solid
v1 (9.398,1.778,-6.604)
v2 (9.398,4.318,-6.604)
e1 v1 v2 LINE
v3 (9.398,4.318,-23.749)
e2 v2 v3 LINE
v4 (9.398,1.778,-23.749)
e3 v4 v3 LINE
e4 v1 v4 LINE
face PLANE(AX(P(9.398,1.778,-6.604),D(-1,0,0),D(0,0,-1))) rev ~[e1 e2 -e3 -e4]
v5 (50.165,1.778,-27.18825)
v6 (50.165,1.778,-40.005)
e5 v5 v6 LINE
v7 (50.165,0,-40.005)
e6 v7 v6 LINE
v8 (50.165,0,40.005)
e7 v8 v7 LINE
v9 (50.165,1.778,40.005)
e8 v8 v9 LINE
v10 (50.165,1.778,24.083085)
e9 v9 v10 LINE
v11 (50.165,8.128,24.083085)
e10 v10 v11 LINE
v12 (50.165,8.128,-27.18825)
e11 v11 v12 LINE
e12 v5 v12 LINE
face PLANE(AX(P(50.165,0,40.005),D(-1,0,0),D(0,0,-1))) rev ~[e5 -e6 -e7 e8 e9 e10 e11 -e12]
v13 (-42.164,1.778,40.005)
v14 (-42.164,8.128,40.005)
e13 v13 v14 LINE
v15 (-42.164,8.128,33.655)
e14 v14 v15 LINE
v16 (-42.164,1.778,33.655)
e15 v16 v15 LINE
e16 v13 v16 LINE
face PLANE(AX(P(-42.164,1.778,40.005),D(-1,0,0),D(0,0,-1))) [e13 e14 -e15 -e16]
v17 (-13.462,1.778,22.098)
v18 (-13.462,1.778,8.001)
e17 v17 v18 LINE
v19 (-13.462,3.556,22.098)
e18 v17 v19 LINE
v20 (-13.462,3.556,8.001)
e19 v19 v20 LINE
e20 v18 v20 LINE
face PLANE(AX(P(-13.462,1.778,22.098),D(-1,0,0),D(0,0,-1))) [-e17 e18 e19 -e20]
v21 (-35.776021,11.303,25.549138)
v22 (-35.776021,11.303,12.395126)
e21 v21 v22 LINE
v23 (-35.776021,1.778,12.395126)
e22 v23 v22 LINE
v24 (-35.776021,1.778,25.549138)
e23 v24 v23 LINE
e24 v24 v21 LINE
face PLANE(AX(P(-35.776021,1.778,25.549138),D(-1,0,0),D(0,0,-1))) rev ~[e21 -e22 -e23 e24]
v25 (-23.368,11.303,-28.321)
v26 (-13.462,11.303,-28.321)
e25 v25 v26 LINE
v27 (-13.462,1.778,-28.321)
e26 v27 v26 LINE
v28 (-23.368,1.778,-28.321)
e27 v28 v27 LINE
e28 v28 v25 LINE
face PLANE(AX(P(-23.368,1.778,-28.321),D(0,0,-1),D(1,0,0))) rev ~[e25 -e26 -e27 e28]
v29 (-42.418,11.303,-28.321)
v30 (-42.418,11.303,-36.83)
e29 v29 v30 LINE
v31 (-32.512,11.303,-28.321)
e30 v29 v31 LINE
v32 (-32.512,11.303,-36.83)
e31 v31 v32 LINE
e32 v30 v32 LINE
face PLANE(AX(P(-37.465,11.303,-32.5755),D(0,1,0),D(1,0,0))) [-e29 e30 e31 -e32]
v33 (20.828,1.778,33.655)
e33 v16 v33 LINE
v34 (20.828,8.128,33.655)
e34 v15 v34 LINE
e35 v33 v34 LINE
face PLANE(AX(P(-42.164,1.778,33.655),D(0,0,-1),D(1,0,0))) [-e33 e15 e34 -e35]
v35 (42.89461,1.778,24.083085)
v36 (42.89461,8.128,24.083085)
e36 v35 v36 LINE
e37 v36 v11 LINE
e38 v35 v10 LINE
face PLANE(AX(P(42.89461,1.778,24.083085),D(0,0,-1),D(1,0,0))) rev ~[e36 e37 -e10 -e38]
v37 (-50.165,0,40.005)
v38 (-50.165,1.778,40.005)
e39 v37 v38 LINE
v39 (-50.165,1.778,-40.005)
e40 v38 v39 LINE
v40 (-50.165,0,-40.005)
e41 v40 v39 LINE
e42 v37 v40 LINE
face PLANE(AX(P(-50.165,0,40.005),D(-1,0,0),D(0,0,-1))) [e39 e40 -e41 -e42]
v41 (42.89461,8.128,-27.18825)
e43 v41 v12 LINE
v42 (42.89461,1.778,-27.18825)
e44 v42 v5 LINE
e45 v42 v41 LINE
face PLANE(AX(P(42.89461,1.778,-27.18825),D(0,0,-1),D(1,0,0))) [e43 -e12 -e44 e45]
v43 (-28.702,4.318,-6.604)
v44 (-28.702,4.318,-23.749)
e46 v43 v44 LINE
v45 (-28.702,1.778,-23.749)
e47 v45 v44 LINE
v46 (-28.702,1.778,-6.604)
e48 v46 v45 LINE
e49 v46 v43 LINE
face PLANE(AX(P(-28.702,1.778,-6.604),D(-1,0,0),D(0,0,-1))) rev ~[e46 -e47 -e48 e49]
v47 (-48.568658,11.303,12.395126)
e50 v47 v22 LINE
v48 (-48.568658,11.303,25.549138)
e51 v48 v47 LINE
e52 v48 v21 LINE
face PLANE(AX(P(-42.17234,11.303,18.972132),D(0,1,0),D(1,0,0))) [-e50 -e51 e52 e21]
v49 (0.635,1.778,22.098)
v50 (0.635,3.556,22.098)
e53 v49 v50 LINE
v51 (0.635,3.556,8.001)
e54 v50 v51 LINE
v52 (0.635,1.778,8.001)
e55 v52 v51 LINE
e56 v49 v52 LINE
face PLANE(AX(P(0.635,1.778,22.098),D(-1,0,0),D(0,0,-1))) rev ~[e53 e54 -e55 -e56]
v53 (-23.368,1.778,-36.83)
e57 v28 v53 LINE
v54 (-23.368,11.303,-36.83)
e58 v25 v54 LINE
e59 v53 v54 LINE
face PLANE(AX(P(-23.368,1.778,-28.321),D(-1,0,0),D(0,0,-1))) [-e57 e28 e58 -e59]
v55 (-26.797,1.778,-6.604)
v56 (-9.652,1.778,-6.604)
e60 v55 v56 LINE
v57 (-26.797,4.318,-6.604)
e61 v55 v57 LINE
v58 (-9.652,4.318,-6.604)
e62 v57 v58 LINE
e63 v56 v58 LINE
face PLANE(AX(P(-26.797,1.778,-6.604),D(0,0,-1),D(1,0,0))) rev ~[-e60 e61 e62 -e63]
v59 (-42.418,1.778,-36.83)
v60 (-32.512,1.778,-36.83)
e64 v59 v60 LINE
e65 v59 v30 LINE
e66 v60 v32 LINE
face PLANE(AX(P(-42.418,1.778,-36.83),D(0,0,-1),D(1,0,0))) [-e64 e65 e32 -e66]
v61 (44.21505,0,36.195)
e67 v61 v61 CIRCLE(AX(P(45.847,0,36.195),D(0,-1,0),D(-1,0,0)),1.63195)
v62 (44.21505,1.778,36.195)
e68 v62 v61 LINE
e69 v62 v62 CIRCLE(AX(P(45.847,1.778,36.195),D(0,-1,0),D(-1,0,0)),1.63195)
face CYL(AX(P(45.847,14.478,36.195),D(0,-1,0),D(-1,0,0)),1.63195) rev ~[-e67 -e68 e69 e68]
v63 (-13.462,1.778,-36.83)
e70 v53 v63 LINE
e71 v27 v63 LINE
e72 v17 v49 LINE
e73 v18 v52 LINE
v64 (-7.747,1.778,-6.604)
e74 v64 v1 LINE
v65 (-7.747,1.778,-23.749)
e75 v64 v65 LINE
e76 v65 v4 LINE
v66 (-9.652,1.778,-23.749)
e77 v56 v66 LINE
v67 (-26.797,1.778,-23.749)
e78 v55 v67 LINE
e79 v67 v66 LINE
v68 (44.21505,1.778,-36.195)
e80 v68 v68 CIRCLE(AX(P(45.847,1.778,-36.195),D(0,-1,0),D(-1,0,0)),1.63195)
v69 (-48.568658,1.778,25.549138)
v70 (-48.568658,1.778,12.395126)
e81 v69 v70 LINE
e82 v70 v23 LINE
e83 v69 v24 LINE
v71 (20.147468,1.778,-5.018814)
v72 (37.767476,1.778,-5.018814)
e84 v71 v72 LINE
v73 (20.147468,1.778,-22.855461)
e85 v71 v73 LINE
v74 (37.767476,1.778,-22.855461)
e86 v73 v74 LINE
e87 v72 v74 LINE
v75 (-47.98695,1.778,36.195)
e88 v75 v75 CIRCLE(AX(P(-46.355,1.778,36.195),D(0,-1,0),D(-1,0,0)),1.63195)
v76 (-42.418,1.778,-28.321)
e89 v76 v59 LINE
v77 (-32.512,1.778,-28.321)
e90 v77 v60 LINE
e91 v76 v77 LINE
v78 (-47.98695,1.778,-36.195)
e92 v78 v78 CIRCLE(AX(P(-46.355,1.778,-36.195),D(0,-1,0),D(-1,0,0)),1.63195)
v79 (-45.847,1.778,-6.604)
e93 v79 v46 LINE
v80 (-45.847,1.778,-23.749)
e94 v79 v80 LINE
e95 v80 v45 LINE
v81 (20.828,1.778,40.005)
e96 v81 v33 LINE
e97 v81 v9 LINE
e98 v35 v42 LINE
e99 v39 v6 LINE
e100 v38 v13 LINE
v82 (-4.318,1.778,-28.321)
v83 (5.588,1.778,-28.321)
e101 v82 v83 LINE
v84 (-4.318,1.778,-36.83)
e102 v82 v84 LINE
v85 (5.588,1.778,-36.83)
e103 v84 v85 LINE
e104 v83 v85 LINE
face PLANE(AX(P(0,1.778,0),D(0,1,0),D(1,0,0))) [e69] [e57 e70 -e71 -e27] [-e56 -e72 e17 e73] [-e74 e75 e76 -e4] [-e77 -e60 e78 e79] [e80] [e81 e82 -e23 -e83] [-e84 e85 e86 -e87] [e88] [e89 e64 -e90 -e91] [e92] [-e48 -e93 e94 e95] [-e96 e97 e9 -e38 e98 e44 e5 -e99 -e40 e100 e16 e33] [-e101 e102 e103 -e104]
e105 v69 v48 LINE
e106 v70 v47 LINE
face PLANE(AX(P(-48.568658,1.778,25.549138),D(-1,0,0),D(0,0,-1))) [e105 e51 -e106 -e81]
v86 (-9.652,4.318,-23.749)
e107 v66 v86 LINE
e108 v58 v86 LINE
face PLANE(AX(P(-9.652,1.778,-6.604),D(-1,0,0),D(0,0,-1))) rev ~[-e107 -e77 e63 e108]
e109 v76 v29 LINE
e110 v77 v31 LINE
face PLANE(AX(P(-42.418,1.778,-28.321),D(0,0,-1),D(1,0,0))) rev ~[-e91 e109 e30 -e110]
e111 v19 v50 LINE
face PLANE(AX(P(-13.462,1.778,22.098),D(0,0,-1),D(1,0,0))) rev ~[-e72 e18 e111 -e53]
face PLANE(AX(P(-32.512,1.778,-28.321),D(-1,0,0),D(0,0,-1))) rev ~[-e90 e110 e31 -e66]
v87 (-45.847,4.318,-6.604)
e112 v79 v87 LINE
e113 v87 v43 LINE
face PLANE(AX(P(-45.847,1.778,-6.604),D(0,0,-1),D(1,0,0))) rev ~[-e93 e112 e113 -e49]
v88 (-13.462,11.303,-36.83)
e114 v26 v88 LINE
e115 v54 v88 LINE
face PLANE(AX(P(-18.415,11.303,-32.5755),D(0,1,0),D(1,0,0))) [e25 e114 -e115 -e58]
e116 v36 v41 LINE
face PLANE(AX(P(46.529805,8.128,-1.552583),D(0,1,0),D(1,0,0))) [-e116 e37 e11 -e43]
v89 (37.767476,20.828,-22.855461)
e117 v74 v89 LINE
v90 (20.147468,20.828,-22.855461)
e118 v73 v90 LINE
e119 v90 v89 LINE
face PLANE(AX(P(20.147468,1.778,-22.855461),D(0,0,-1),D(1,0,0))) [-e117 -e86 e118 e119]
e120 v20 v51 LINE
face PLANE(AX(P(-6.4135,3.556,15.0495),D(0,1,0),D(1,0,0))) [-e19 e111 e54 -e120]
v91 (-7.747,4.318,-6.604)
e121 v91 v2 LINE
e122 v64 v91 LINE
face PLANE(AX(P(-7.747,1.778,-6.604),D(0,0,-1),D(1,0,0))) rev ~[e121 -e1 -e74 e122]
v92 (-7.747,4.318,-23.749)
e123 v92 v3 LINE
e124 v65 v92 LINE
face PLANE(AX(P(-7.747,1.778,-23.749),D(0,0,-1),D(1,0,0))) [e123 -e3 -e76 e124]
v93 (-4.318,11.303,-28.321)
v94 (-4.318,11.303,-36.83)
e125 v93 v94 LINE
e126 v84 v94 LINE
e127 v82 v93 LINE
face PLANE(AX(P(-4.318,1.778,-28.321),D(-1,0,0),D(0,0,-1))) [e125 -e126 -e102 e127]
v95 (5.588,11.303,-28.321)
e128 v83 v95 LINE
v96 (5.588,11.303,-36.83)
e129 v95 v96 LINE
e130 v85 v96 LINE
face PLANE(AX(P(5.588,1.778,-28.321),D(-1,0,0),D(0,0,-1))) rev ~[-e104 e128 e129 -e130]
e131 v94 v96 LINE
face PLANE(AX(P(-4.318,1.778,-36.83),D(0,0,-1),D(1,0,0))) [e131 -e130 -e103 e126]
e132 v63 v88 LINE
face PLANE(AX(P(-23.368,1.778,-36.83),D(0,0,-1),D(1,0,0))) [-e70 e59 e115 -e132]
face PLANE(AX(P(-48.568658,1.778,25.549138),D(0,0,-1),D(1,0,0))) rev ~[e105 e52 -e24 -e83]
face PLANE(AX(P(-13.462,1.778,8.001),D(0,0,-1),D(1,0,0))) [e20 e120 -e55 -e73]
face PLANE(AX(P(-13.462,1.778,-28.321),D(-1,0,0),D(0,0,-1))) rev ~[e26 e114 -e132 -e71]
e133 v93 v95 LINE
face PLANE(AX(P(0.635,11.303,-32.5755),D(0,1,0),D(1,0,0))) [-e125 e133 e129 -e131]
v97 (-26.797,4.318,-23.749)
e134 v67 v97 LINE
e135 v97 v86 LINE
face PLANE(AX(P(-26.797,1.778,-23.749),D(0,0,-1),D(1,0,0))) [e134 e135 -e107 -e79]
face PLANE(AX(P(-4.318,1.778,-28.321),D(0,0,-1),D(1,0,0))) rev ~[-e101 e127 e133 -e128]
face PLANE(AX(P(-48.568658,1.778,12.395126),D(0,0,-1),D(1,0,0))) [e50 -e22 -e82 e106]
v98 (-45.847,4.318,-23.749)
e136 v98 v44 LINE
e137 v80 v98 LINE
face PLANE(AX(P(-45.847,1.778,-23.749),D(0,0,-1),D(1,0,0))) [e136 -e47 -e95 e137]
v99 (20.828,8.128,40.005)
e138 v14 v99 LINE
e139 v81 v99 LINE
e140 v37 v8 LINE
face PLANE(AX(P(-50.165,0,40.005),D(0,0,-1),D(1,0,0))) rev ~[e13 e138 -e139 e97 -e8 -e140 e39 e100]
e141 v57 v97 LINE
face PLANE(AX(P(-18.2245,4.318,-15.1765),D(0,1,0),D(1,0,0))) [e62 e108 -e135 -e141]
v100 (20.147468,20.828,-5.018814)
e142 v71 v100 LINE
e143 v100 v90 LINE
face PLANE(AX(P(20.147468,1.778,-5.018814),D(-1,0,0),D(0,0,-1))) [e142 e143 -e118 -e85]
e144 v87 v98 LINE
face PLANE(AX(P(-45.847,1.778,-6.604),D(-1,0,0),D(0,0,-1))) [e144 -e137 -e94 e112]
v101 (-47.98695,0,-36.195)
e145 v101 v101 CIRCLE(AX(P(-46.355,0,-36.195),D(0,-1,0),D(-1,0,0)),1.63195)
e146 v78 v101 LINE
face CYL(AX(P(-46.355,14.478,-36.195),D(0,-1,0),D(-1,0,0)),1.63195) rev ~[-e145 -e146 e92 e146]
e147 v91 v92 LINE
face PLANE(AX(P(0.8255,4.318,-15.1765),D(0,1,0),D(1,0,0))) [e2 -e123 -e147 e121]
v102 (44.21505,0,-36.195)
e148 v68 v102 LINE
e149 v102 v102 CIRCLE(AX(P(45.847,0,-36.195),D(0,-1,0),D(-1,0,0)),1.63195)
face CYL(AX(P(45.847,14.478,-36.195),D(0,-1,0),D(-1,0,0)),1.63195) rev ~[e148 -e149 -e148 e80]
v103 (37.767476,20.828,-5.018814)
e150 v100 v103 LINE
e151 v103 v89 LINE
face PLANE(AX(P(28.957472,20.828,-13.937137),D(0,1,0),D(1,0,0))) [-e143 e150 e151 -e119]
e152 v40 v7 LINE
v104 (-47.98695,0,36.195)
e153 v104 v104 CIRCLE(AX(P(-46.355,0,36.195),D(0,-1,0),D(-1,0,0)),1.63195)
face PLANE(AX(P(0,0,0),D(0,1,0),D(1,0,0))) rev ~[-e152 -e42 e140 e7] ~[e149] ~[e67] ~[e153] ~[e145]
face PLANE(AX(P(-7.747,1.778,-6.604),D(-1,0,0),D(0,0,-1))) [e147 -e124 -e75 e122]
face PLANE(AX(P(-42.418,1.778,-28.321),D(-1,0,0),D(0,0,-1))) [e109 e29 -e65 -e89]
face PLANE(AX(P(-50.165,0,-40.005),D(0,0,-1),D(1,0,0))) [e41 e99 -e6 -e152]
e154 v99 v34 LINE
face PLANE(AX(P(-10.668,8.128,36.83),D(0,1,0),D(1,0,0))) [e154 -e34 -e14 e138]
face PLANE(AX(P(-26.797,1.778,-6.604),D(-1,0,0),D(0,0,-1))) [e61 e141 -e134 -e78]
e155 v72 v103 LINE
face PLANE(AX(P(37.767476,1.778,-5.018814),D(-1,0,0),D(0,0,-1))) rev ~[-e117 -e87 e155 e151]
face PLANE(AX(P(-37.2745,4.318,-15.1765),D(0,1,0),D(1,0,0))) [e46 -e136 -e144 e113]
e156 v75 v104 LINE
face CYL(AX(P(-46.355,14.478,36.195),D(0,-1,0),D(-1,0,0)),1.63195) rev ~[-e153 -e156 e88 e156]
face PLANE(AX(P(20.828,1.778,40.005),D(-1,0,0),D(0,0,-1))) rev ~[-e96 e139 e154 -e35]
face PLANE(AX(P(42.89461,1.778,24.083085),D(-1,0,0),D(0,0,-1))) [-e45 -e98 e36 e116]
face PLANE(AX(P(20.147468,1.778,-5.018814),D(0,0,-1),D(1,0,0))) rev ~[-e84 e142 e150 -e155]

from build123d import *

# Parameters (mm, degrees)
SKETCH1_W                 = 100.33
SKETCH1_H                 = 80.01
BOSS_EXTRUDE1_DEPTH       = 1.778
F_4_CLEARANCE_HOLE1_D     = 3.2639
F_4_CLEARANCE_HOLE1_DEPTH = 12.7
F_4_CLEARANCE_HOLE1_TIP   = 0.980574487
SKETCH4_W                 = 17.145
SKETCH4_H                 = 17.145
BOSS_EXTRUDE2_DEPTH       = 2.54
SKETCH6_W                 = 9.906
SKETCH6_H                 = 8.509
BOSS_EXTRUDE3_DEPTH       = 9.525
LPATTERN1_COUNT           = 3
LPATTERN1_PITCH           = 19.05
SKETCH7_W                 = 14.097
SKETCH7_H                 = 14.097
BOSS_EXTRUDE4_DEPTH       = 1.778
SKETCH8_W                 = 62.992
SKETCH8_H                 = 6.35
BOSS_EXTRUDE5_DEPTH       = 6.35
SKETCH9_W                 = 7.270390316
SKETCH9_H                 = 51.271334807
BOSS_EXTRUDE6_DEPTH       = 6.35
SKETCH10_W                = 17.620008018
SKETCH10_H                = 17.836647461
BOSS_EXTRUDE7_DEPTH       = 19.05
SKETCH11_W                = 12.792637694
SKETCH11_H                = 13.15401164
BOSS_EXTRUDE8_DEPTH       = 9.525


with BuildPart() as part:
    # Sketch1 → Boss-Extrude1 (new body)
    with BuildSketch(Plane(origin=(0, 0, 0), x_dir=(1, 0, 0), z_dir=(0, 1, 0))):
        Rectangle(SKETCH1_W, SKETCH1_H)
    extrude(amount=BOSS_EXTRUDE1_DEPTH)

    # #4 Clearance Hole1
    with Locations(Plane(origin=(0, 1.778, 0), x_dir=(1, 0, 0), z_dir=(0, 1, 0))):
        with Locations((-46.355, 36.195), (45.847, -36.195), (-46.355, -36.195), (45.847, 36.195)):
            Hole(F_4_CLEARANCE_HOLE1_D / 2, depth=F_4_CLEARANCE_HOLE1_DEPTH)
            with Locations((0, 0, -(F_4_CLEARANCE_HOLE1_DEPTH + F_4_CLEARANCE_HOLE1_TIP / 2))):  # 118° drill point
                Cone(0, F_4_CLEARANCE_HOLE1_D / 2, F_4_CLEARANCE_HOLE1_TIP, mode=Mode.SUBTRACT)

    # Sketch4 → Boss-Extrude2 (add)
    with BuildSketch(Plane(origin=(0, 1.778, 0), x_dir=(1, 0, 0), z_dir=(0, 1, 0))):
        with Locations((-37.2745, 15.1765)):
            Rectangle(SKETCH4_W, SKETCH4_H)
    boss_extrude2 = extrude(amount=BOSS_EXTRUDE2_DEPTH)

    # Sketch6 → Boss-Extrude3 (add)
    with BuildSketch(Plane(origin=(0, 1.778, 0), x_dir=(1, 0, 0), z_dir=(0, 1, 0))):
        with Locations((-37.465, 32.5755)):
            Rectangle(SKETCH6_W, SKETCH6_H)
    boss_extrude3 = extrude(amount=BOSS_EXTRUDE3_DEPTH)

    # LPattern1: Boss-Extrude2, Boss-Extrude3 ×3
    with Locations(*[(i * LPATTERN1_PITCH, 0, 0) for i in range(1, LPATTERN1_COUNT)]):
        add(boss_extrude2)
        add(boss_extrude3)

    # Sketch7 → Boss-Extrude4 (add)
    with BuildSketch(Plane(origin=(0, 1.778, 0), x_dir=(1, 0, 0), z_dir=(0, 1, 0))):
        with Locations((-6.4135, -15.0495)):
            Rectangle(SKETCH7_W, SKETCH7_H)
    extrude(amount=BOSS_EXTRUDE4_DEPTH)

    # Sketch8 → Boss-Extrude5 (add)
    with BuildSketch(Plane(origin=(0, 1.778, 0), x_dir=(1, 0, 0), z_dir=(0, 1, 0))):
        with Locations((-10.668, -36.83)):
            Rectangle(SKETCH8_W, SKETCH8_H)
    extrude(amount=BOSS_EXTRUDE5_DEPTH)

    # Sketch9 → Boss-Extrude6 (add)
    with BuildSketch(Plane(origin=(0, 1.778, 0), x_dir=(1, 0, 0), z_dir=(0, 1, 0))):
        with Locations((46.529804842, 1.552582673)):
            Rectangle(SKETCH9_W, SKETCH9_H)
    extrude(amount=BOSS_EXTRUDE6_DEPTH)

    # Sketch10 → Boss-Extrude7 (add)
    with BuildSketch(Plane(origin=(0, 1.778, 0), x_dir=(1, 0, 0), z_dir=(0, 1, 0))):
        with Locations((28.957472194, 13.93713749)):
            Rectangle(SKETCH10_W, SKETCH10_H)
    extrude(amount=BOSS_EXTRUDE7_DEPTH)

    # Sketch11 → Boss-Extrude8 (add)
    with BuildSketch(Plane(origin=(0, 1.778, 0), x_dir=(1, 0, 0), z_dir=(0, 1, 0))):
        with Locations((-42.172339514, -18.972132172)):
            Rectangle(SKETCH11_W, SKETCH11_H)
    extrude(amount=BOSS_EXTRUDE8_DEPTH)


solid = part.part
